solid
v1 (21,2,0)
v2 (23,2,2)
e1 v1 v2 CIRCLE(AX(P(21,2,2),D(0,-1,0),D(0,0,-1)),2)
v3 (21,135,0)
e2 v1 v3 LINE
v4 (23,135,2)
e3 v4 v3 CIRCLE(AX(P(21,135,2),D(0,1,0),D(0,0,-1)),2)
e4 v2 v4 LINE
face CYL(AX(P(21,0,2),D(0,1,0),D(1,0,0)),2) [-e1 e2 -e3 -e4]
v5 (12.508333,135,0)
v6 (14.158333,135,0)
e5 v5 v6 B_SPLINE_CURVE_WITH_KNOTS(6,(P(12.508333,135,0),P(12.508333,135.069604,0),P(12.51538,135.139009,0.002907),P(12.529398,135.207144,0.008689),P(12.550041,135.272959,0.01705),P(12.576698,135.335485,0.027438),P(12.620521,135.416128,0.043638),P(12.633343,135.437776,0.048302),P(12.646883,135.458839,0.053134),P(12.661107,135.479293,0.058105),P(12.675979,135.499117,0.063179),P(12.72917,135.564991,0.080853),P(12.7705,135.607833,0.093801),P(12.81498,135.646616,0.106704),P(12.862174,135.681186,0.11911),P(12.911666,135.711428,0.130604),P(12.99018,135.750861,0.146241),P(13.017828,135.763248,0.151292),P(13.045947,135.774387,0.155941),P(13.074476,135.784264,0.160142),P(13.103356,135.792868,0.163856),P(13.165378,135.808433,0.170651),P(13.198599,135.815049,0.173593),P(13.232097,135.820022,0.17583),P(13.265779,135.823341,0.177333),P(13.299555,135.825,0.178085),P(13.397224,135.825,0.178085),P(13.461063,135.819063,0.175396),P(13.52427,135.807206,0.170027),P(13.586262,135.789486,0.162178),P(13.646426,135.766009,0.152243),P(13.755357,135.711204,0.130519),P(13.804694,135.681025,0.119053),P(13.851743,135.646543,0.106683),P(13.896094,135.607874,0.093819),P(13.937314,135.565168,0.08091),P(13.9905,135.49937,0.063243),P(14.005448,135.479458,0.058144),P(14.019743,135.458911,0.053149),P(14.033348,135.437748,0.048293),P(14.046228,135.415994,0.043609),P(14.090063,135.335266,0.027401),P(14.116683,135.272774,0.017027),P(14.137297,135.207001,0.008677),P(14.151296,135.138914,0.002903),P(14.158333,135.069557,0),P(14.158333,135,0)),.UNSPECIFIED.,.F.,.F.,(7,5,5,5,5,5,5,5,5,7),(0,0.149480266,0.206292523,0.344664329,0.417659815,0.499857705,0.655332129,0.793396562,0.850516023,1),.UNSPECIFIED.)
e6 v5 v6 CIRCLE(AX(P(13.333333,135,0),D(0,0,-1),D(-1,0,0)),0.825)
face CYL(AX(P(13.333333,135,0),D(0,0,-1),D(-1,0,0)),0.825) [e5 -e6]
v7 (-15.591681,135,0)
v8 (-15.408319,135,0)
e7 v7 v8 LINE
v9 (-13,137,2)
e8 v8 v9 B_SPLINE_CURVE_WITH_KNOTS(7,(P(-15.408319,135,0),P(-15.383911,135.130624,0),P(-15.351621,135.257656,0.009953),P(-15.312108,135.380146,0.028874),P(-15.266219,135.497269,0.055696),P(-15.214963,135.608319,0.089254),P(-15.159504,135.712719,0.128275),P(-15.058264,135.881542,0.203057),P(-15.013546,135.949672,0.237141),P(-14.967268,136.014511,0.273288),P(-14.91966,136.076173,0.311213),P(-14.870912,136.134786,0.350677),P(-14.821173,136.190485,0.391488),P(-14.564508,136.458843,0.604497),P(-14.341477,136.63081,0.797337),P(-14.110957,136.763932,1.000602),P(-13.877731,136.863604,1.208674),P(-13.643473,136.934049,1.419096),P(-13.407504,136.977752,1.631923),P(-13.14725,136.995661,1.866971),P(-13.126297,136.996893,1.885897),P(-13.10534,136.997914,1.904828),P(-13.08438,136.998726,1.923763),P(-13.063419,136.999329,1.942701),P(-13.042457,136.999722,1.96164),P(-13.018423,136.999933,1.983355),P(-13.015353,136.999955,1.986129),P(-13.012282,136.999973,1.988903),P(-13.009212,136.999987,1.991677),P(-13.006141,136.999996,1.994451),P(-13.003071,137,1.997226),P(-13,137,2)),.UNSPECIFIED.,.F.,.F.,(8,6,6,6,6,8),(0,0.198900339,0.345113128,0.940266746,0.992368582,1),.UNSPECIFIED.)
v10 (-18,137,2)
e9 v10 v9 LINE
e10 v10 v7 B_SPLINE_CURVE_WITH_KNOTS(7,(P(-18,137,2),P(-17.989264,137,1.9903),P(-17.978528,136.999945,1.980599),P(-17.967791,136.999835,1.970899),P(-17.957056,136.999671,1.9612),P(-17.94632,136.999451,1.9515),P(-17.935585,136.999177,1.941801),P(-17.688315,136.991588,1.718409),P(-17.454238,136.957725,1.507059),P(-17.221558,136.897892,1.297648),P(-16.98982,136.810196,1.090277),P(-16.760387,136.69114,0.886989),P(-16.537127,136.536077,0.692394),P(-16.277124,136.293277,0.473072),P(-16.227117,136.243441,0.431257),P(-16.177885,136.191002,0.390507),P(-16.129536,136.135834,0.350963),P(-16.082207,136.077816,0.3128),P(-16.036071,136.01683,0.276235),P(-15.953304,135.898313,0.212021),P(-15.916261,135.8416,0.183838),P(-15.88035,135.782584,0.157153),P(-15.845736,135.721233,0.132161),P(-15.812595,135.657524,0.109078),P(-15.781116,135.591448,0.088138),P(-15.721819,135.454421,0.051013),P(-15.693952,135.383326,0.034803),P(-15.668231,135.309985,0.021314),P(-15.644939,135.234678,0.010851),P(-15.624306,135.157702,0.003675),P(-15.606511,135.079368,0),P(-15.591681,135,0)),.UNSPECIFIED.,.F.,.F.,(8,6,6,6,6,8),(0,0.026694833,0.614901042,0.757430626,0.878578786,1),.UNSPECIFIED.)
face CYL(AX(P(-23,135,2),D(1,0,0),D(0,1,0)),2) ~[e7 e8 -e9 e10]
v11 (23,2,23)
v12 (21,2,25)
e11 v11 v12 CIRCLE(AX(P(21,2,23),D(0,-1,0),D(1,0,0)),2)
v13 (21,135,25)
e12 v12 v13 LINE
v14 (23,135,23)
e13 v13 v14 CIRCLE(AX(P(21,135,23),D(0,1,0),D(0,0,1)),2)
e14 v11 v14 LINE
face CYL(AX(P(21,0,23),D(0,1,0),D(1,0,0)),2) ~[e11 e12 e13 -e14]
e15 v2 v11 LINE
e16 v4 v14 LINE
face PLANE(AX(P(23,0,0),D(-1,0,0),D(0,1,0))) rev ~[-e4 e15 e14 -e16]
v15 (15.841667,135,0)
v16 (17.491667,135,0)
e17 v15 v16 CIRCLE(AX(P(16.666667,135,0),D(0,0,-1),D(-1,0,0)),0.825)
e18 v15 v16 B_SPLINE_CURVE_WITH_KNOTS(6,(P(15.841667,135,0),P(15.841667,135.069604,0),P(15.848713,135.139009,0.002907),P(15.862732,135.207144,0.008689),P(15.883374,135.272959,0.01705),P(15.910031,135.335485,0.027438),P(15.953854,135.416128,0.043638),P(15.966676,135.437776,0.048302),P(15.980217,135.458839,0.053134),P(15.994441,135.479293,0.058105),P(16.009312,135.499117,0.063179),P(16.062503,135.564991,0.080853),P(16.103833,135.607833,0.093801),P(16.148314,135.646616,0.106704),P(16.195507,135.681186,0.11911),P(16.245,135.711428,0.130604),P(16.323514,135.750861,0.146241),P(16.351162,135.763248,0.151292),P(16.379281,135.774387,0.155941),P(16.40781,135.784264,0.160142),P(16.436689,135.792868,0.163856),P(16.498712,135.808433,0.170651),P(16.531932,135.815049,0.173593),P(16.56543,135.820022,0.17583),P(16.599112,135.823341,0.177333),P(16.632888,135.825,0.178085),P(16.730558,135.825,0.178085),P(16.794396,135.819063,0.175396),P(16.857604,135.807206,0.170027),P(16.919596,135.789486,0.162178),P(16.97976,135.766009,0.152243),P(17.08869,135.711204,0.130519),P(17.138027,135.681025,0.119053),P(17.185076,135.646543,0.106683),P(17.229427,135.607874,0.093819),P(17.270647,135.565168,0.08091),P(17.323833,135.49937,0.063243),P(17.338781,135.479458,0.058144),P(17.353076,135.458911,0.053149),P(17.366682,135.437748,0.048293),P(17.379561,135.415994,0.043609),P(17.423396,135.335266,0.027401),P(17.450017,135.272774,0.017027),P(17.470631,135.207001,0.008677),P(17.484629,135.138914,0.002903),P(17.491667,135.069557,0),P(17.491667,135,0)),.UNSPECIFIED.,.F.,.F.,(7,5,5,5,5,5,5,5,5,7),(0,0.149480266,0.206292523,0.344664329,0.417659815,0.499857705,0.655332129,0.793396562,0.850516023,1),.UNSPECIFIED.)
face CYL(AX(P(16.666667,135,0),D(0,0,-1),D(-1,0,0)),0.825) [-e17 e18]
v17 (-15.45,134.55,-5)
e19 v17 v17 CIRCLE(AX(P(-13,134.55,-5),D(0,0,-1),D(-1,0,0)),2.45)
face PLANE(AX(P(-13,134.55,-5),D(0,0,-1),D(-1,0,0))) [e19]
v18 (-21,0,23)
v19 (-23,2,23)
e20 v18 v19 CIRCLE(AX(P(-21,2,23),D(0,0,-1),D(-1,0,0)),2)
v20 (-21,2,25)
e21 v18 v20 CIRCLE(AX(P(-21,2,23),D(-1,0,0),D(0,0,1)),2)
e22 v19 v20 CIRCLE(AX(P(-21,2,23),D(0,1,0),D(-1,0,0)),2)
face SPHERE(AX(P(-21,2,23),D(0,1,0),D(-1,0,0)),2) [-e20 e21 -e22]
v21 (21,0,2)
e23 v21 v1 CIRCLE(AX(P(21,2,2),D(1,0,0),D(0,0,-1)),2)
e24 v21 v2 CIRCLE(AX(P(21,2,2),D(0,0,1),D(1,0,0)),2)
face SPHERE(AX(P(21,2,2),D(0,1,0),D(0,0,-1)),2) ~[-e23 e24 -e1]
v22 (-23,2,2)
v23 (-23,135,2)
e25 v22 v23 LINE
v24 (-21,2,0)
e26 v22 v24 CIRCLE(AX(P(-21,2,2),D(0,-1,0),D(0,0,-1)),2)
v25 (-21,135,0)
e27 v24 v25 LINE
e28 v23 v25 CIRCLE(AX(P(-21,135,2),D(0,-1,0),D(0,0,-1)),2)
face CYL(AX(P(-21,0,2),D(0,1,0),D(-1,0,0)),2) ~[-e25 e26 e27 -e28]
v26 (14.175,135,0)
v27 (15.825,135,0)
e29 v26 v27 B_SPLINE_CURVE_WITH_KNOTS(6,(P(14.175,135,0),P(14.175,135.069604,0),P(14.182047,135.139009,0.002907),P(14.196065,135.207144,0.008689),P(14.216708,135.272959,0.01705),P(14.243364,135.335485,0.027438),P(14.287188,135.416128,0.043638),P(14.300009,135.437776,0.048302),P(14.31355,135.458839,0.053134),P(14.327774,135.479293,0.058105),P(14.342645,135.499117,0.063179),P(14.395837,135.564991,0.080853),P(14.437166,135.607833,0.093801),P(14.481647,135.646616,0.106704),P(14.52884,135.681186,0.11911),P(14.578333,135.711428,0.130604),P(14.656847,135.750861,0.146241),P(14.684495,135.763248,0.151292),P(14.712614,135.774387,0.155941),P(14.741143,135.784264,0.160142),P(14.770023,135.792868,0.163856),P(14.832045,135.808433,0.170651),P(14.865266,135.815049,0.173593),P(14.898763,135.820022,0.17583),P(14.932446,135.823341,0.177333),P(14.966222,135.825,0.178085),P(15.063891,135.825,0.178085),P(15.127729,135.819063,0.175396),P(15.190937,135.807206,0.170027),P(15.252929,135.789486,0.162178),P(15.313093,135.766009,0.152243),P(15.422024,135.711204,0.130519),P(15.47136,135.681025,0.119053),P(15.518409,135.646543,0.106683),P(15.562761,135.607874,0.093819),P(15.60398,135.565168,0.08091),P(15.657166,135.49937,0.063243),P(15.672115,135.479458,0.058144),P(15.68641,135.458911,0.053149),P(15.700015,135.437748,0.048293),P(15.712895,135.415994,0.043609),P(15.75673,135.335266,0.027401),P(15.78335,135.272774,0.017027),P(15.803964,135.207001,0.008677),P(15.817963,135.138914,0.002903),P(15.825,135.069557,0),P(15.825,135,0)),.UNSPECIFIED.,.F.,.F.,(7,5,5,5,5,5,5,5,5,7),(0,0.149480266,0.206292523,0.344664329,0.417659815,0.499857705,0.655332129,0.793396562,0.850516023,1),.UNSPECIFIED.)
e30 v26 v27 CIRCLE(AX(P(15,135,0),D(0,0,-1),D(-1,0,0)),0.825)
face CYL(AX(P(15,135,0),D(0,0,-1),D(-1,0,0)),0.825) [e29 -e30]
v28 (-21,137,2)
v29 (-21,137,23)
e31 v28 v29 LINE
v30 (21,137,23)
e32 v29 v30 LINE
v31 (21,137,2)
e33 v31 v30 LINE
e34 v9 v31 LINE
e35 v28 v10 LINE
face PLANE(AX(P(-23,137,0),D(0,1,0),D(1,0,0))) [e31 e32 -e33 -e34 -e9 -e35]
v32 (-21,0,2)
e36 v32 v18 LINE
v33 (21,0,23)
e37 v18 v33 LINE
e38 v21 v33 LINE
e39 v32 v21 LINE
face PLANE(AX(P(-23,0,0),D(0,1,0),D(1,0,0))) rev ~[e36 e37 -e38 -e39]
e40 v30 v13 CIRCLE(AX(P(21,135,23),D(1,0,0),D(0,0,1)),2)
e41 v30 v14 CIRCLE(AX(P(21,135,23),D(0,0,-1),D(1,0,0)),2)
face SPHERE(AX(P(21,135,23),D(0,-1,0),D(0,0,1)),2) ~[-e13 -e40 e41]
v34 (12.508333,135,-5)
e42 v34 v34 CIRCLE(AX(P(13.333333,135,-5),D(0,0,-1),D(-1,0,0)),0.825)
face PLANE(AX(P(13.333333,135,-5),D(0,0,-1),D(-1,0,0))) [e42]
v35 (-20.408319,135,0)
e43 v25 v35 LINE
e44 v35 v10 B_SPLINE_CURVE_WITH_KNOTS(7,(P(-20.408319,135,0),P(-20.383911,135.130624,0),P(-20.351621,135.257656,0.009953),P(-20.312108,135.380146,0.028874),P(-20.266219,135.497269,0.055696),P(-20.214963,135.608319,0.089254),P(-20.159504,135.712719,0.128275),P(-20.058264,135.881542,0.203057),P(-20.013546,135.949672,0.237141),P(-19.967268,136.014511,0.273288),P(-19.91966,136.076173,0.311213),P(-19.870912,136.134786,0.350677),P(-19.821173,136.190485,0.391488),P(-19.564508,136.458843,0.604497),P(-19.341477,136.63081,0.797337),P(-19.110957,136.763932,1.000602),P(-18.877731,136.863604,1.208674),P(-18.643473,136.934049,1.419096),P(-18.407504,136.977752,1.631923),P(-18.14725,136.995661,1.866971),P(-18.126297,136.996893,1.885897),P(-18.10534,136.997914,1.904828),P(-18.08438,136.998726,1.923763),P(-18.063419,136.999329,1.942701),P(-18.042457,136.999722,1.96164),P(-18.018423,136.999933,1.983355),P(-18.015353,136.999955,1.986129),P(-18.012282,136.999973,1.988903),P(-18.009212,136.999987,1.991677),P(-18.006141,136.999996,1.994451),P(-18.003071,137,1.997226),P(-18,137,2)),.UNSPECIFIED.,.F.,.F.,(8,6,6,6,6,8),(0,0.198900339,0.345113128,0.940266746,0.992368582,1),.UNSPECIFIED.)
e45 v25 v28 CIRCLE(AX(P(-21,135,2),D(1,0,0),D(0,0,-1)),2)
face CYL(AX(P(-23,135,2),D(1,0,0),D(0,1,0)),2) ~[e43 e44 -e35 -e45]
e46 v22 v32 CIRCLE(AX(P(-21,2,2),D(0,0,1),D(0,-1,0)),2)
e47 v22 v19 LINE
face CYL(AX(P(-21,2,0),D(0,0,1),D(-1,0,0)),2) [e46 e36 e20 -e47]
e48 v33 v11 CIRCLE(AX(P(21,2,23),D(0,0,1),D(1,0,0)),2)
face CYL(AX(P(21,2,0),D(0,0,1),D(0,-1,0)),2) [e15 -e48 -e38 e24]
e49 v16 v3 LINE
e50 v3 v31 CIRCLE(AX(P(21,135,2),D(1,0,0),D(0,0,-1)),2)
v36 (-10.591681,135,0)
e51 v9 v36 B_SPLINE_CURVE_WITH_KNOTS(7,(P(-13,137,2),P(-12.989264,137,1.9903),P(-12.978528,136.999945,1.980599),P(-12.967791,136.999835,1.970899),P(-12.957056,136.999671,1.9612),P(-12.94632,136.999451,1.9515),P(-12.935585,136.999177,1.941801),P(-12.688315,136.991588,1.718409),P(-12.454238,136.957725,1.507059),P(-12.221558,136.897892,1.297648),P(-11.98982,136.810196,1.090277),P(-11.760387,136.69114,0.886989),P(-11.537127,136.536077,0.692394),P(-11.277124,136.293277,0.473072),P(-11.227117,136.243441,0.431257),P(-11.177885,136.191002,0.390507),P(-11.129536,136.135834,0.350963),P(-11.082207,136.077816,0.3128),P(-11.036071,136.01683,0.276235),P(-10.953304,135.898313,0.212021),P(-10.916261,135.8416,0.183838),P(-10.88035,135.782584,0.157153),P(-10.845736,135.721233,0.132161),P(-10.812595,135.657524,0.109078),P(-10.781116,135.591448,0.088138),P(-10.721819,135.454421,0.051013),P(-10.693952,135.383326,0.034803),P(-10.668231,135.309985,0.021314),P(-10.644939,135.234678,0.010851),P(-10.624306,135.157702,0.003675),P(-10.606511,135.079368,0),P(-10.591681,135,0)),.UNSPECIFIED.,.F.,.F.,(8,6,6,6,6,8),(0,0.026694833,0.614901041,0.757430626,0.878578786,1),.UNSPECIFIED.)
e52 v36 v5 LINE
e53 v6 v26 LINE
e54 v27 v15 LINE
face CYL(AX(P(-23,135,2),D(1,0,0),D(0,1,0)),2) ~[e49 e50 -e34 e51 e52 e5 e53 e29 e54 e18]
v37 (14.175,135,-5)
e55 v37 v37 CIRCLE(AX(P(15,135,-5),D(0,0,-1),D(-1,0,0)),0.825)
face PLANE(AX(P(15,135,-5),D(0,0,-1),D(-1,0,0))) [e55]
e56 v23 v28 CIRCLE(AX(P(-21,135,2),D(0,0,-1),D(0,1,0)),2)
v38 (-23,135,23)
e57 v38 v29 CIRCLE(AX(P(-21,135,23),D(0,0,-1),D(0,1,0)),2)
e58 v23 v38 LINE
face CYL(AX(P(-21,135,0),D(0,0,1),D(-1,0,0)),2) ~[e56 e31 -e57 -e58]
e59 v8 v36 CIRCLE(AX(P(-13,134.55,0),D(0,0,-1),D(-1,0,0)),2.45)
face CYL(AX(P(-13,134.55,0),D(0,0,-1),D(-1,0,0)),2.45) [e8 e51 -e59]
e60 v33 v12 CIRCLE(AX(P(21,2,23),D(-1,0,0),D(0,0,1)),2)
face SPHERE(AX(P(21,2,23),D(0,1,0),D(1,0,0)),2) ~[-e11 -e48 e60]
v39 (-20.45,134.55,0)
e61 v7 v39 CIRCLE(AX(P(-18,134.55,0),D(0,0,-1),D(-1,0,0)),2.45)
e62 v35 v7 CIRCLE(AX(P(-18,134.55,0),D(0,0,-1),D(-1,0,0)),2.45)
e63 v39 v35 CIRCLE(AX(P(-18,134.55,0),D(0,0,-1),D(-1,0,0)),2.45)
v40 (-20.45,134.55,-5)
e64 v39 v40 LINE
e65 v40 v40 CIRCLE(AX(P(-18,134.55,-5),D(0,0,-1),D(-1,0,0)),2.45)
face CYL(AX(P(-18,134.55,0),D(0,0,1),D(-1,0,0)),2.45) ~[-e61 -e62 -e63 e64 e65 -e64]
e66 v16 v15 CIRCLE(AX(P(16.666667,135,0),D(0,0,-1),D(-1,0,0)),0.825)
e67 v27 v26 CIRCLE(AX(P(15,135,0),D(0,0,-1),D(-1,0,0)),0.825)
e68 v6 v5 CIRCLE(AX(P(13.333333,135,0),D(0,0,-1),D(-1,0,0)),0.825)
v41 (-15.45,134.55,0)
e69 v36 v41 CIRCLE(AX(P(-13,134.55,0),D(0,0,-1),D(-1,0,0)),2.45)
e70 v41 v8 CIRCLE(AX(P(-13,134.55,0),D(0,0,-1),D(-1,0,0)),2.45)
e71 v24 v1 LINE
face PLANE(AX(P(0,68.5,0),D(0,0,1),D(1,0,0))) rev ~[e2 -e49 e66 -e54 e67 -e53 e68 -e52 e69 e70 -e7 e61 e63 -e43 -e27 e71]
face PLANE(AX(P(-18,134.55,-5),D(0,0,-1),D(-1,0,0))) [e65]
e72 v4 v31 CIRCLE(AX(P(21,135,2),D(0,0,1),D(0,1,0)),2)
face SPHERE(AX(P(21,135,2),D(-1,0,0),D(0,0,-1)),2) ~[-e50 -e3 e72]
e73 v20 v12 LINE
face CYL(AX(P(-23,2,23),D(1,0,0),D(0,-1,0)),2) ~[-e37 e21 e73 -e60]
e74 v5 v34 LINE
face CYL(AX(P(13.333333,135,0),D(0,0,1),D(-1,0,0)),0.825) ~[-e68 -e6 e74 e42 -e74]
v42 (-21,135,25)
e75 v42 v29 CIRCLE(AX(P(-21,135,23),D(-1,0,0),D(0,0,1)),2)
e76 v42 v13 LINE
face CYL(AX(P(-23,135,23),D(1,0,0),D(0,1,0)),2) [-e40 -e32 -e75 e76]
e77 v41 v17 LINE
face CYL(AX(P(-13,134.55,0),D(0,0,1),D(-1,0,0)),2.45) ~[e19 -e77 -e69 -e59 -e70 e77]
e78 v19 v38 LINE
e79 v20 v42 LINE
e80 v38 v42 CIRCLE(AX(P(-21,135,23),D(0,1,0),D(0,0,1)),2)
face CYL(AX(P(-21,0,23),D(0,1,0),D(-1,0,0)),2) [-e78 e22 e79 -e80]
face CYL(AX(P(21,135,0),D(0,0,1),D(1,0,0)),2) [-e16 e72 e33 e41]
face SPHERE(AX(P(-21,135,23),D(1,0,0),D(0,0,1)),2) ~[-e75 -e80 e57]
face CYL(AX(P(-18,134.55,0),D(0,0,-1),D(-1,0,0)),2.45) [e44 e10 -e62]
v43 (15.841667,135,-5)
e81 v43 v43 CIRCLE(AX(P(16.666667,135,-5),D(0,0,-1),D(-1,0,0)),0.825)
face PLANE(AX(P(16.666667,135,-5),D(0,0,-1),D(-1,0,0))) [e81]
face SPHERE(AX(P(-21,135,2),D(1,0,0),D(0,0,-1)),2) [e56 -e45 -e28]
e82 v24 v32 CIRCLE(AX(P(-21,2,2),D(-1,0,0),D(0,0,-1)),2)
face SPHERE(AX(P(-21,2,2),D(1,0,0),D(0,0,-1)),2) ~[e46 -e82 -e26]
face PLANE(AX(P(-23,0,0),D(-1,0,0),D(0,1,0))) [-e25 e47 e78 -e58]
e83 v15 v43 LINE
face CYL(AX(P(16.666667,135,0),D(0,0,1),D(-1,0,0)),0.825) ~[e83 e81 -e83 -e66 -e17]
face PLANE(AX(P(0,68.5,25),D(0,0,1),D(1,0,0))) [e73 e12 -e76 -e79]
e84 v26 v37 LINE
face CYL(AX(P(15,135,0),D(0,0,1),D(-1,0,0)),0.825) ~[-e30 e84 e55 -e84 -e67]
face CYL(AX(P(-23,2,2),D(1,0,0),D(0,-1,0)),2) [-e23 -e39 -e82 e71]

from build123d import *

# Parameters (mm, degrees)
SKETCH1_W                       = 46
SKETCH1_H                       = 137
BOSS_EXTRUDE1_DEPTH             = 25
FILLET1_R                       = 2
SKETCH2_R                       = 0.825
SKETCH2_R_2                     = 2.45
BOSS_EXTRUDE4_DEPTH             = 5
BOSS_EXTRUDE4_DIRECTION_2_REACH = 143.149


with BuildPart() as part:
    # Sketch1 → Boss-Extrude1 (new body)
    with BuildSketch(Plane.XY):
        with Locations((0, 68.5)):
            Rectangle(SKETCH1_W, SKETCH1_H)
    extrude(amount=BOSS_EXTRUDE1_DEPTH)

    # Fillet1
    fillet1_edges = [part.edges().sort_by_distance(p)[0] for p in [
        (23, 68.5, 25),
        (0, 137, 25),
        (-23, 68.5, 25),
        (0, 137, 0),
        (23, 68.5, 0),
        (0, 0, 0),
        (-23, 68.5, 0),
        (-23, 137, 12.5),
        (23, 137, 12.5),
        (23, 0, 12.5),
        (-23, 0, 12.5),
        (0, 0, 25),
    ]]
    fillet(fillet1_edges, radius=FILLET1_R)

    # Sketch2 → Boss-Extrude4 (add)
    with BuildSketch(Plane(origin=(0, 0, 0), x_dir=(-1, 0, 0), z_dir=(0, 0, -1))):
        with Locations((-16.666666667, 135)):
            Circle(SKETCH2_R)
        with Locations((-15, 135)):
            Circle(SKETCH2_R)
        with Locations((-13.333333333, 135)):
            Circle(SKETCH2_R)
        with Locations((13, 134.55)):
            Circle(SKETCH2_R_2)
        with Locations((18, 134.55)):
            Circle(SKETCH2_R_2)
    extrude(amount=BOSS_EXTRUDE4_DEPTH)

    # Sketch2 → Boss-Extrude4 direction 2 (add, up to next)
    with BuildSketch(Plane(origin=(0, 0, 0), x_dir=(-1, 0, 0), z_dir=(0, 0, -1)), mode=Mode.PRIVATE) as boss_extrude4_direction_2_sk1:
        with Locations((-16.666666667, 135)):
            Circle(SKETCH2_R)
    boss_extrude4_direction_2_tool1 = extrude(boss_extrude4_direction_2_sk1.sketch, amount=-BOSS_EXTRUDE4_DIRECTION_2_REACH, mode=Mode.PRIVATE) - part.part
    # Sketch2 → Boss-Extrude4 direction 2 (add, up to next)
    with BuildSketch(Plane(origin=(0, 0, 0), x_dir=(-1, 0, 0), z_dir=(0, 0, -1)), mode=Mode.PRIVATE) as boss_extrude4_direction_2_sk2:
        with Locations((-15, 135)):
            Circle(SKETCH2_R)
    boss_extrude4_direction_2_tool2 = extrude(boss_extrude4_direction_2_sk2.sketch, amount=-BOSS_EXTRUDE4_DIRECTION_2_REACH, mode=Mode.PRIVATE) - part.part
    # Sketch2 → Boss-Extrude4 direction 2 (add, up to next)
    with BuildSketch(Plane(origin=(0, 0, 0), x_dir=(-1, 0, 0), z_dir=(0, 0, -1)), mode=Mode.PRIVATE) as boss_extrude4_direction_2_sk3:
        with Locations((-13.333333333, 135)):
            Circle(SKETCH2_R)
    boss_extrude4_direction_2_tool3 = extrude(boss_extrude4_direction_2_sk3.sketch, amount=-BOSS_EXTRUDE4_DIRECTION_2_REACH, mode=Mode.PRIVATE) - part.part
    # Sketch2 → Boss-Extrude4 direction 2 (add, up to next)
    with BuildSketch(Plane(origin=(0, 0, 0), x_dir=(-1, 0, 0), z_dir=(0, 0, -1)), mode=Mode.PRIVATE) as boss_extrude4_direction_2_sk4:
        with Locations((13, 134.55)):
            Circle(SKETCH2_R_2)
    boss_extrude4_direction_2_tool4 = extrude(boss_extrude4_direction_2_sk4.sketch, amount=-BOSS_EXTRUDE4_DIRECTION_2_REACH, mode=Mode.PRIVATE) - part.part
    # Sketch2 → Boss-Extrude4 direction 2 (add, up to next)
    with BuildSketch(Plane(origin=(0, 0, 0), x_dir=(-1, 0, 0), z_dir=(0, 0, -1)), mode=Mode.PRIVATE) as boss_extrude4_direction_2_sk5:
        with Locations((18, 134.55)):
            Circle(SKETCH2_R_2)
    boss_extrude4_direction_2_tool5 = extrude(boss_extrude4_direction_2_sk5.sketch, amount=-BOSS_EXTRUDE4_DIRECTION_2_REACH, mode=Mode.PRIVATE) - part.part
    add(boss_extrude4_direction_2_tool1.solids().sort_by_distance((16.666667, 135, 0))[0])
    add(boss_extrude4_direction_2_tool2.solids().sort_by_distance((15, 135, 0))[0])
    add(boss_extrude4_direction_2_tool3.solids().sort_by_distance((13.333333, 135, 0))[0])
    add(boss_extrude4_direction_2_tool4.solids().sort_by_distance((-13, 134.55, 0))[0])
    add(boss_extrude4_direction_2_tool5.solids().sort_by_distance((-18, 134.55, 0))[0])


solid = part.part
